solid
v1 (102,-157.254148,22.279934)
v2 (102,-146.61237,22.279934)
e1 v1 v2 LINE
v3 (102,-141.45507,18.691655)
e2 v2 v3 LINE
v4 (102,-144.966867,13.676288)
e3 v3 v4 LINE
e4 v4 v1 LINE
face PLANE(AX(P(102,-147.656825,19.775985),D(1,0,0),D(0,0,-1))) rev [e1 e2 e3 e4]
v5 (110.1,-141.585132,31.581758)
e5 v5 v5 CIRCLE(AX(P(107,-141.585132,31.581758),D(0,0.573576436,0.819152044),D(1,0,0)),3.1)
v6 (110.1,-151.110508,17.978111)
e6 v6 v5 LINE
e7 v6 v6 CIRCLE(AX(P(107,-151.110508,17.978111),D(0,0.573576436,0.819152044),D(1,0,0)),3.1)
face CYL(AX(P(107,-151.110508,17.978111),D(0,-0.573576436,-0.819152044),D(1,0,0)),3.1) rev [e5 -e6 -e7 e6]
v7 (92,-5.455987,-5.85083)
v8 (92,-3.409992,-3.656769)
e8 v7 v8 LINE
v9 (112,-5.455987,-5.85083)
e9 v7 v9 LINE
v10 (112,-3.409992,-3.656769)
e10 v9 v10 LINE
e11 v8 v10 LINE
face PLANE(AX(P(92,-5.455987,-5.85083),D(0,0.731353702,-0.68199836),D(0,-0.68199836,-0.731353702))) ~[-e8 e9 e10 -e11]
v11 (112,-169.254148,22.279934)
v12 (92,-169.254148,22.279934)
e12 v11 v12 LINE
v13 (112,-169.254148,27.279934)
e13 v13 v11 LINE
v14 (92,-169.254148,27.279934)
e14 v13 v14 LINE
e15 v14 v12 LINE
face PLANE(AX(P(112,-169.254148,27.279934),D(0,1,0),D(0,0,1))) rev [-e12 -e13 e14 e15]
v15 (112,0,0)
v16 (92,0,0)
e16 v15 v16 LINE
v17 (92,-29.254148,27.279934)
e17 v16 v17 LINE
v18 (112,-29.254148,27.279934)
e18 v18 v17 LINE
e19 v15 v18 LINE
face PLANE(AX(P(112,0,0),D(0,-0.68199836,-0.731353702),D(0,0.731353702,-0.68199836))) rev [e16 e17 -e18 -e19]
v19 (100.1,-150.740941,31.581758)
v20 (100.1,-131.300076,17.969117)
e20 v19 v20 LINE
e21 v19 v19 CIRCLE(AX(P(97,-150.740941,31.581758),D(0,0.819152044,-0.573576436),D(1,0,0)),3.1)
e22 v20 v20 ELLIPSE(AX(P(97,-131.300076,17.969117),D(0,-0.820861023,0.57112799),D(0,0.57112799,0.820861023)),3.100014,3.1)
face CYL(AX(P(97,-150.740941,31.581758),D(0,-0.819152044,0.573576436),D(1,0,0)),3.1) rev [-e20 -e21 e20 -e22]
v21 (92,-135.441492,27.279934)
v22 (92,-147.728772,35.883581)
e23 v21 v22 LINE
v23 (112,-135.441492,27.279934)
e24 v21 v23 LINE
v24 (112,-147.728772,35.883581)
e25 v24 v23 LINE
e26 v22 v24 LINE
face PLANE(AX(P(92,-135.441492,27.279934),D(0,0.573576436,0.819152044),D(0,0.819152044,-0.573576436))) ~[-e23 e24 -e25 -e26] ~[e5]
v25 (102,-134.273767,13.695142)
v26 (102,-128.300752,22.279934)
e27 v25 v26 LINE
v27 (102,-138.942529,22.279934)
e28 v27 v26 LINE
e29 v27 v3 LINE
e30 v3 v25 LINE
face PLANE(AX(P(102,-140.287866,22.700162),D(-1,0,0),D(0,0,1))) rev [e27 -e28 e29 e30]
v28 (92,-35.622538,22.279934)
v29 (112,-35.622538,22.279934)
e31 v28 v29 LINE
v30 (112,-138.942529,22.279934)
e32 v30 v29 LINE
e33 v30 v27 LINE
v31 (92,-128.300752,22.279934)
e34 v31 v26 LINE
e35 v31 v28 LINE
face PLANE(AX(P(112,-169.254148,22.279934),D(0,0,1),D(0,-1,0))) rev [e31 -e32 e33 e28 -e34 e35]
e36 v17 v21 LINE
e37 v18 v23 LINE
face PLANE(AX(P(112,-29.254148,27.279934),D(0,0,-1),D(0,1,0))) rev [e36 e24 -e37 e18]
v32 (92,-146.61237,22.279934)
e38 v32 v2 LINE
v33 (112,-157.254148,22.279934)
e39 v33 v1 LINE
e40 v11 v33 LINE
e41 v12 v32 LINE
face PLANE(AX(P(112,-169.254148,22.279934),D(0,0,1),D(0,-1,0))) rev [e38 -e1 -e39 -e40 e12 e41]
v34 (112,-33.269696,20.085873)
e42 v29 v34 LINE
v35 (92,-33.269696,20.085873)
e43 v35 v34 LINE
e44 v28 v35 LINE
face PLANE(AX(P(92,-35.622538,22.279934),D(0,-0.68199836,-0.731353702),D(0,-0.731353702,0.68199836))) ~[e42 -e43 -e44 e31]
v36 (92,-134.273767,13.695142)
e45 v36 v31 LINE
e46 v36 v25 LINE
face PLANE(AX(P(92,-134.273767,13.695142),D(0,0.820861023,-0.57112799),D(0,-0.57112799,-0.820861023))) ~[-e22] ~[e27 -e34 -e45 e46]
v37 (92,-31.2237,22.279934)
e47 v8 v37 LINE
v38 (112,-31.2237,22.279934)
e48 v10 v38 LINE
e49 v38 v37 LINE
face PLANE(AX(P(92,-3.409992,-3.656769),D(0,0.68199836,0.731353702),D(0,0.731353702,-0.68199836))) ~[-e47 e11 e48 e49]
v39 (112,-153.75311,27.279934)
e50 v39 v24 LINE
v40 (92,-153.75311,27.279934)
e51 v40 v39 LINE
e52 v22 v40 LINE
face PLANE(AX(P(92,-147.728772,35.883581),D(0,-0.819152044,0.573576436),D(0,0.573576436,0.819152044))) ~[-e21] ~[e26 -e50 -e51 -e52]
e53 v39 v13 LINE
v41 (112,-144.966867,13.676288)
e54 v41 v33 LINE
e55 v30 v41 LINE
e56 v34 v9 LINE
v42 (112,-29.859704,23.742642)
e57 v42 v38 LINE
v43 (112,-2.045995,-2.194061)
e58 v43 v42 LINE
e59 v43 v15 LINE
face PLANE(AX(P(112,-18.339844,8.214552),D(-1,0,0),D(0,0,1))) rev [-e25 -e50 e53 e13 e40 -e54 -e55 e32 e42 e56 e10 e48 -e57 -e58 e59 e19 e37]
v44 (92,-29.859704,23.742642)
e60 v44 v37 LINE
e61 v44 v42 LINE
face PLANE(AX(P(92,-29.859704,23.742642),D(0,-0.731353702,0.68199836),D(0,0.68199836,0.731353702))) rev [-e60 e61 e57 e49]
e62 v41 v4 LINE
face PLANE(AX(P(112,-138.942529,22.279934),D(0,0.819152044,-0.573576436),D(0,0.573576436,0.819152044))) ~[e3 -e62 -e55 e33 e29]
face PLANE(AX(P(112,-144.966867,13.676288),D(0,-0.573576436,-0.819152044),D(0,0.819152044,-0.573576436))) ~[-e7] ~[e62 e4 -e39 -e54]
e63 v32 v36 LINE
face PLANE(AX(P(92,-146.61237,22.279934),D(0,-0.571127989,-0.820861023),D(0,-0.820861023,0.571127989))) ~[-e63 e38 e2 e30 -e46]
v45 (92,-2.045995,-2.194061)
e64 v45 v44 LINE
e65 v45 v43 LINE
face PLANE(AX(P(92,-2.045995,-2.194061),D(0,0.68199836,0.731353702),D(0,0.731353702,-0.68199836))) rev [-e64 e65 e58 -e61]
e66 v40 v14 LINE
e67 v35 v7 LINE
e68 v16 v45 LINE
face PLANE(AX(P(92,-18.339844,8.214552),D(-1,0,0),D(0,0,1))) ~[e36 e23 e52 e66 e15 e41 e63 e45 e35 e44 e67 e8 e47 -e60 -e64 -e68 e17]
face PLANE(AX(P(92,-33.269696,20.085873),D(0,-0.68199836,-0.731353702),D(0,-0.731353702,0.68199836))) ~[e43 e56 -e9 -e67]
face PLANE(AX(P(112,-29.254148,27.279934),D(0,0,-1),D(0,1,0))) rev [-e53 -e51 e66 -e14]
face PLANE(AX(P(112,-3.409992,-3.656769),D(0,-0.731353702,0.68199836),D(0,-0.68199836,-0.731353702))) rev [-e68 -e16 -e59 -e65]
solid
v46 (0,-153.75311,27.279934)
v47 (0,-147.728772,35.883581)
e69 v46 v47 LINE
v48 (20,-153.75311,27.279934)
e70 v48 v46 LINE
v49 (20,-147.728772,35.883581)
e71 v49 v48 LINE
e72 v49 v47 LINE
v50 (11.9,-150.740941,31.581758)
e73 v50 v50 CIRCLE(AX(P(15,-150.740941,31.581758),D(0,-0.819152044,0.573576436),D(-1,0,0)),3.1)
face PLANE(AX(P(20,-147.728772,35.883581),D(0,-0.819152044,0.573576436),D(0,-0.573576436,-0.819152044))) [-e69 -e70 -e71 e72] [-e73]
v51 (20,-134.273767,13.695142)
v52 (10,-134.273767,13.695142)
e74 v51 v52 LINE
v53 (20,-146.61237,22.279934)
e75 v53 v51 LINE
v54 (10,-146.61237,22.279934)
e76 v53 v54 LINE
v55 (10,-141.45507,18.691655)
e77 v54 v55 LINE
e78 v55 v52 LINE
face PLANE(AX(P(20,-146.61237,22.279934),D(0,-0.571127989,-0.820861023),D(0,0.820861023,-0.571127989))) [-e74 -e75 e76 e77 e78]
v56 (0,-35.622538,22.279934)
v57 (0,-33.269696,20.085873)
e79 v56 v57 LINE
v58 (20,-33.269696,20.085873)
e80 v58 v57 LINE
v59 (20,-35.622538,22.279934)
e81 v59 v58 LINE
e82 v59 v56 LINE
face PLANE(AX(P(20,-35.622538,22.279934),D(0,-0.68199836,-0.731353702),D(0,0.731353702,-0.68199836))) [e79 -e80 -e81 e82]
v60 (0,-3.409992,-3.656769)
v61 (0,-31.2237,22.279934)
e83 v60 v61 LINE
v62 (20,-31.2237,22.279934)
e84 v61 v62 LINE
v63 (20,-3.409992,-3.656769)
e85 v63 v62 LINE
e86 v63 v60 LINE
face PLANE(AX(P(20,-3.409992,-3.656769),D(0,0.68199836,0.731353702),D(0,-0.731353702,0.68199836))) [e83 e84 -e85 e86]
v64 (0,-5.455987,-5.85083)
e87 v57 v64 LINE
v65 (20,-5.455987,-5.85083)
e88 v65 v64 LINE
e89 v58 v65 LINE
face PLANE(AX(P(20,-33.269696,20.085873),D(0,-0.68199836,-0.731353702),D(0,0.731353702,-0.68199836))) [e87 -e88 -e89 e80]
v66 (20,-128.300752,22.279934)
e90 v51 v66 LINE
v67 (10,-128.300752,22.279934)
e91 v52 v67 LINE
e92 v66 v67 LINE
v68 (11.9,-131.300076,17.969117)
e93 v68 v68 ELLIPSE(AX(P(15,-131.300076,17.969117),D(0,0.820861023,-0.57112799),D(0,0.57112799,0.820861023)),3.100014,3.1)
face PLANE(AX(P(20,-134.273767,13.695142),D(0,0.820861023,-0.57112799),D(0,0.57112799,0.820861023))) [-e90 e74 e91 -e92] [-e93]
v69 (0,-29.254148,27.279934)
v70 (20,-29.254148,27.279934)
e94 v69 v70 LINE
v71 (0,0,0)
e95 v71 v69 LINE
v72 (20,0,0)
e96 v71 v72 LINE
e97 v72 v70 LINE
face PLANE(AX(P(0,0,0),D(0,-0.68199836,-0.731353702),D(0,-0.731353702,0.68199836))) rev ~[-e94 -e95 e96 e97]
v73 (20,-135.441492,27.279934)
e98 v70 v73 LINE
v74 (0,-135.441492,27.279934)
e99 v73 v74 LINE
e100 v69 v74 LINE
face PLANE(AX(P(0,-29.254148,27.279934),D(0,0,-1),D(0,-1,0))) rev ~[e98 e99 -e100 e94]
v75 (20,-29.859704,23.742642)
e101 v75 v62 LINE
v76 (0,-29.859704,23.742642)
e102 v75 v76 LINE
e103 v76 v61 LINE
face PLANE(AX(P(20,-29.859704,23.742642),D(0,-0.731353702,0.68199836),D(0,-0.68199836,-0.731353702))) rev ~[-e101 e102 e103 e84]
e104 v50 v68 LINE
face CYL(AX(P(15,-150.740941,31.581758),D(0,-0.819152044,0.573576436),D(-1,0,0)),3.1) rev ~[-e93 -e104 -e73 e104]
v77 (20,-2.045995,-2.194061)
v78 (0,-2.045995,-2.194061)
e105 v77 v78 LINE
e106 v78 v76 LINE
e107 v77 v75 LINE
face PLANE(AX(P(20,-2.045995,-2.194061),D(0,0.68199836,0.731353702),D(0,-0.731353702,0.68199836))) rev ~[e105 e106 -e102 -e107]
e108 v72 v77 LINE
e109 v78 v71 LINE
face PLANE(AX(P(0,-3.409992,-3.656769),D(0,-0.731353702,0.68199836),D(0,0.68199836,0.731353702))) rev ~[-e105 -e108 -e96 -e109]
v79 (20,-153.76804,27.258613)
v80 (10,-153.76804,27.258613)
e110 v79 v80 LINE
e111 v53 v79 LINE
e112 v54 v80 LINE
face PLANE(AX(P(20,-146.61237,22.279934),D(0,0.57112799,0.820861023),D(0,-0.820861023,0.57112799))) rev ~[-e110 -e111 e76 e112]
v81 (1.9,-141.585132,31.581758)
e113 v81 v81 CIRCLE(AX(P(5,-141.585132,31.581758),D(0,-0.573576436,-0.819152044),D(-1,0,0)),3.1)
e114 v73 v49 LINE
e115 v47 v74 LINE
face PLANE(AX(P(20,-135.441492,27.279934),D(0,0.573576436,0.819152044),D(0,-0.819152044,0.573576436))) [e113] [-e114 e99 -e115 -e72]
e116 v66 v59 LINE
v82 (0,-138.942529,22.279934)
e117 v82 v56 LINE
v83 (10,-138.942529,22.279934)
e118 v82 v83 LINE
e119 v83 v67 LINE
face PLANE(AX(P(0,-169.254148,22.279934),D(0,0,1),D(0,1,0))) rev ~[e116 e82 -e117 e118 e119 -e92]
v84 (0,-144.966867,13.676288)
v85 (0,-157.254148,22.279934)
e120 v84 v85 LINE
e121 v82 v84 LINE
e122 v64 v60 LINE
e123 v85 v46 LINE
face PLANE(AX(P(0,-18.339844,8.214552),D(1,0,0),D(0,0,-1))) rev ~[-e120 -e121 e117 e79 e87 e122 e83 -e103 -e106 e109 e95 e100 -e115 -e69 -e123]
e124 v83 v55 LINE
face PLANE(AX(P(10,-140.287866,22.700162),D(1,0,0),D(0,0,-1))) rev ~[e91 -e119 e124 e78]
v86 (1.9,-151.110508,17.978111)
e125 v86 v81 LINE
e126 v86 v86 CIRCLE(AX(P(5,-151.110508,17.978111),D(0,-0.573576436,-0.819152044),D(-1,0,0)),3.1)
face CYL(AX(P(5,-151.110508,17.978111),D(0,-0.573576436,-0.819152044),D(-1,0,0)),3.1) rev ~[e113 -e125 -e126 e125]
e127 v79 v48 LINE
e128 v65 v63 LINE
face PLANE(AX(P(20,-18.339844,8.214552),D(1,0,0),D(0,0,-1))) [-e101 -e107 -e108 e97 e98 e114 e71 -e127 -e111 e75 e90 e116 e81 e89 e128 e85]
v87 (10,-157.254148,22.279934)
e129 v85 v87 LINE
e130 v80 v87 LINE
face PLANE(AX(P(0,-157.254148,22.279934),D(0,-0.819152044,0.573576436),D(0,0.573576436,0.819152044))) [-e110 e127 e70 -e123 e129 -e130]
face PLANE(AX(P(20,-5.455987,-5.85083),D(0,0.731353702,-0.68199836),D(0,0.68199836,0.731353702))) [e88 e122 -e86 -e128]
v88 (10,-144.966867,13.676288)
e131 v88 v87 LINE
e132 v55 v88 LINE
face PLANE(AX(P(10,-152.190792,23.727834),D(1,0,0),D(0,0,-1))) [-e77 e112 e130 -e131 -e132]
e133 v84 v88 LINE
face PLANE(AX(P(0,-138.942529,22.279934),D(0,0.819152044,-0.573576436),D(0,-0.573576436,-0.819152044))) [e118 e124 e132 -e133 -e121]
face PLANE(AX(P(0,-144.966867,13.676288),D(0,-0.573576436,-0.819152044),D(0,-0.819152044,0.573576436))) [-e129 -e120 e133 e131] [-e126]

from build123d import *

# Parameters (mm, degrees)
BOSS_EXTRUDE1_DEPTH     = 20
CUT_EXTRUDE1_DEPTH      = 1
CUT_EXTRUDE1_DEPTH_BACK = 21
BOSS_EXTRUDE2_DEPTH     = 20
BOSS_EXTRUDE4_DEPTH     = 10
SKETCH7_R               = 3.1
CUT_EXTRUDE3_DEPTH      = 102.340728726
BOSS_EXTRUDE5_DEPTH     = 10
SKETCH9_R               = 3.1
CUT_EXTRUDE4_DEPTH      = 145.950200236
CUT_EXTRUDE6_DEPTH      = 20
CUT_EXTRUDE7_DEPTH      = 10


with BuildPart() as part:
    # Sketch1 → Boss-Extrude1 (new body)
    with BuildSketch(Plane(origin=(0, 0, 0), x_dir=(0, 0, -1), z_dir=(1, 0, 0))):
        Polygon((0, 0), (-27.279934402, -29.254148065), (-27.279934402, -169.254148065), (-22.279934402, -169.254148065), (-22.279934402, -31.223700443), (3.656768508, -3.4099918), align=None)
    extrude(amount=BOSS_EXTRUDE1_DEPTH)

    # Sketch2 → Cut-Extrude1 (cut, two sides)
    with BuildSketch(Plane(origin=(20, 0, 0), x_dir=(0, 0, -1), z_dir=(1, 0, 0))) as cut_extrude1_sk:
        Polygon((2.194061105, -2.04599508), (-23.742641806, -29.859703723), (-22.279934402, -31.223700443), (3.656768508, -3.4099918), align=None)
    extrude(amount=CUT_EXTRUDE1_DEPTH, mode=Mode.SUBTRACT)
    extrude(cut_extrude1_sk.sketch, amount=-CUT_EXTRUDE1_DEPTH_BACK, mode=Mode.SUBTRACT)

    # Sketch3 → Boss-Extrude2 (add)
    with BuildSketch(Plane(origin=(20, 0, 0), x_dir=(0, 0, -1), z_dir=(1, 0, 0))):
        Polygon((3.656768508, -3.4099918), (-22.279934402, -31.223700443), (-20.085873298, -33.269695523), (5.850829613, -5.45598688), align=None)
        Polygon((-22.279934402, -35.622538), (-20.085873298, -33.269695523), (-22.279934402, -31.223700443), align=None)
    extrude(amount=-BOSS_EXTRUDE2_DEPTH)

    # Sketch6 → Boss-Extrude4 (add)
    with BuildSketch(Plane.ZY):
        Polygon((27.279934402, -135.441491542), (27.279934402, -153.753110374), (35.883580948, -147.728772207), align=None)
        Polygon((22.279934402, -138.942529233), (13.676287857, -144.9668674), (22.279934402, -157.254148065), align=None)
    extrude(amount=-BOSS_EXTRUDE4_DEPTH)

    # Sketch7 → Cut-Extrude3 (cut, through all)
    with BuildSketch(Plane(origin=(0, -41.266885928, -58.935220882), x_dir=(-1, 0, 0), z_dir=(0, -0.573576436, -0.819152044))):
        with Locations((-5, -134.094302237)):
            Circle(SKETCH7_R)
    extrude(amount=-CUT_EXTRUDE3_DEPTH, mode=Mode.SUBTRACT)

    # Sketch8 → Boss-Extrude5 (add)
    with BuildSketch(Plane(origin=(20, 0, 0), x_dir=(0, 0, -1), z_dir=(1, 0, 0))):
        Polygon((-27.279934402, -135.441491542), (-27.279934402, -153.753110374), (-22.279934402, -146.61237034), (-13.695141582, -134.273766824), (-22.279934402, -128.300751509), align=None)
        Polygon((-35.883580948, -147.728772207), (-27.279934402, -153.753110374), (-27.279934402, -135.441491542), align=None)
    extrude(amount=-BOSS_EXTRUDE5_DEPTH)

    # Sketch9 → Cut-Extrude4 (cut, through all)
    with BuildSketch(Plane(origin=(0, -115.987262137, 81.215155285), x_dir=(-1, 0, 0), z_dir=(0, -0.819152044, 0.573576436))):
        with Locations((-15, 60.591190556)):
            Circle(SKETCH9_R)
    extrude(amount=-CUT_EXTRUDE4_DEPTH, mode=Mode.SUBTRACT)


with BuildPart() as body_2:
    # Mirror2: mirrored copy
    add(part.part.mirror(Plane(origin=(56, 0, 0), x_dir=(0, 0, 1), z_dir=(1, 0, 0))))


with BuildPart() as part_1:
    add(part.part)

    # Sketch11 → Cut-Extrude6 (cut)
    with BuildSketch(Plane.ZY):
        Polygon((22.279934402, -157.254148065), (27.279934402, -153.753110374), (27.279934402, -169.254148065), (22.279934402, -169.254148065), align=None)
    extrude(amount=-CUT_EXTRUDE6_DEPTH, mode=Mode.SUBTRACT)

    # Sketch12 → Cut-Extrude7 (cut)
    with BuildSketch(Plane(origin=(20, 0, 0), x_dir=(0, 0, -1), z_dir=(1, 0, 0))):
        Polygon((-22.279934402, -157.254148065), (-22.279934402, -146.61237034), (-27.258612912, -153.768039842), align=None)
    extrude(amount=-CUT_EXTRUDE7_DEPTH, mode=Mode.SUBTRACT)


solid = Compound([body_2.part, part_1.part])
